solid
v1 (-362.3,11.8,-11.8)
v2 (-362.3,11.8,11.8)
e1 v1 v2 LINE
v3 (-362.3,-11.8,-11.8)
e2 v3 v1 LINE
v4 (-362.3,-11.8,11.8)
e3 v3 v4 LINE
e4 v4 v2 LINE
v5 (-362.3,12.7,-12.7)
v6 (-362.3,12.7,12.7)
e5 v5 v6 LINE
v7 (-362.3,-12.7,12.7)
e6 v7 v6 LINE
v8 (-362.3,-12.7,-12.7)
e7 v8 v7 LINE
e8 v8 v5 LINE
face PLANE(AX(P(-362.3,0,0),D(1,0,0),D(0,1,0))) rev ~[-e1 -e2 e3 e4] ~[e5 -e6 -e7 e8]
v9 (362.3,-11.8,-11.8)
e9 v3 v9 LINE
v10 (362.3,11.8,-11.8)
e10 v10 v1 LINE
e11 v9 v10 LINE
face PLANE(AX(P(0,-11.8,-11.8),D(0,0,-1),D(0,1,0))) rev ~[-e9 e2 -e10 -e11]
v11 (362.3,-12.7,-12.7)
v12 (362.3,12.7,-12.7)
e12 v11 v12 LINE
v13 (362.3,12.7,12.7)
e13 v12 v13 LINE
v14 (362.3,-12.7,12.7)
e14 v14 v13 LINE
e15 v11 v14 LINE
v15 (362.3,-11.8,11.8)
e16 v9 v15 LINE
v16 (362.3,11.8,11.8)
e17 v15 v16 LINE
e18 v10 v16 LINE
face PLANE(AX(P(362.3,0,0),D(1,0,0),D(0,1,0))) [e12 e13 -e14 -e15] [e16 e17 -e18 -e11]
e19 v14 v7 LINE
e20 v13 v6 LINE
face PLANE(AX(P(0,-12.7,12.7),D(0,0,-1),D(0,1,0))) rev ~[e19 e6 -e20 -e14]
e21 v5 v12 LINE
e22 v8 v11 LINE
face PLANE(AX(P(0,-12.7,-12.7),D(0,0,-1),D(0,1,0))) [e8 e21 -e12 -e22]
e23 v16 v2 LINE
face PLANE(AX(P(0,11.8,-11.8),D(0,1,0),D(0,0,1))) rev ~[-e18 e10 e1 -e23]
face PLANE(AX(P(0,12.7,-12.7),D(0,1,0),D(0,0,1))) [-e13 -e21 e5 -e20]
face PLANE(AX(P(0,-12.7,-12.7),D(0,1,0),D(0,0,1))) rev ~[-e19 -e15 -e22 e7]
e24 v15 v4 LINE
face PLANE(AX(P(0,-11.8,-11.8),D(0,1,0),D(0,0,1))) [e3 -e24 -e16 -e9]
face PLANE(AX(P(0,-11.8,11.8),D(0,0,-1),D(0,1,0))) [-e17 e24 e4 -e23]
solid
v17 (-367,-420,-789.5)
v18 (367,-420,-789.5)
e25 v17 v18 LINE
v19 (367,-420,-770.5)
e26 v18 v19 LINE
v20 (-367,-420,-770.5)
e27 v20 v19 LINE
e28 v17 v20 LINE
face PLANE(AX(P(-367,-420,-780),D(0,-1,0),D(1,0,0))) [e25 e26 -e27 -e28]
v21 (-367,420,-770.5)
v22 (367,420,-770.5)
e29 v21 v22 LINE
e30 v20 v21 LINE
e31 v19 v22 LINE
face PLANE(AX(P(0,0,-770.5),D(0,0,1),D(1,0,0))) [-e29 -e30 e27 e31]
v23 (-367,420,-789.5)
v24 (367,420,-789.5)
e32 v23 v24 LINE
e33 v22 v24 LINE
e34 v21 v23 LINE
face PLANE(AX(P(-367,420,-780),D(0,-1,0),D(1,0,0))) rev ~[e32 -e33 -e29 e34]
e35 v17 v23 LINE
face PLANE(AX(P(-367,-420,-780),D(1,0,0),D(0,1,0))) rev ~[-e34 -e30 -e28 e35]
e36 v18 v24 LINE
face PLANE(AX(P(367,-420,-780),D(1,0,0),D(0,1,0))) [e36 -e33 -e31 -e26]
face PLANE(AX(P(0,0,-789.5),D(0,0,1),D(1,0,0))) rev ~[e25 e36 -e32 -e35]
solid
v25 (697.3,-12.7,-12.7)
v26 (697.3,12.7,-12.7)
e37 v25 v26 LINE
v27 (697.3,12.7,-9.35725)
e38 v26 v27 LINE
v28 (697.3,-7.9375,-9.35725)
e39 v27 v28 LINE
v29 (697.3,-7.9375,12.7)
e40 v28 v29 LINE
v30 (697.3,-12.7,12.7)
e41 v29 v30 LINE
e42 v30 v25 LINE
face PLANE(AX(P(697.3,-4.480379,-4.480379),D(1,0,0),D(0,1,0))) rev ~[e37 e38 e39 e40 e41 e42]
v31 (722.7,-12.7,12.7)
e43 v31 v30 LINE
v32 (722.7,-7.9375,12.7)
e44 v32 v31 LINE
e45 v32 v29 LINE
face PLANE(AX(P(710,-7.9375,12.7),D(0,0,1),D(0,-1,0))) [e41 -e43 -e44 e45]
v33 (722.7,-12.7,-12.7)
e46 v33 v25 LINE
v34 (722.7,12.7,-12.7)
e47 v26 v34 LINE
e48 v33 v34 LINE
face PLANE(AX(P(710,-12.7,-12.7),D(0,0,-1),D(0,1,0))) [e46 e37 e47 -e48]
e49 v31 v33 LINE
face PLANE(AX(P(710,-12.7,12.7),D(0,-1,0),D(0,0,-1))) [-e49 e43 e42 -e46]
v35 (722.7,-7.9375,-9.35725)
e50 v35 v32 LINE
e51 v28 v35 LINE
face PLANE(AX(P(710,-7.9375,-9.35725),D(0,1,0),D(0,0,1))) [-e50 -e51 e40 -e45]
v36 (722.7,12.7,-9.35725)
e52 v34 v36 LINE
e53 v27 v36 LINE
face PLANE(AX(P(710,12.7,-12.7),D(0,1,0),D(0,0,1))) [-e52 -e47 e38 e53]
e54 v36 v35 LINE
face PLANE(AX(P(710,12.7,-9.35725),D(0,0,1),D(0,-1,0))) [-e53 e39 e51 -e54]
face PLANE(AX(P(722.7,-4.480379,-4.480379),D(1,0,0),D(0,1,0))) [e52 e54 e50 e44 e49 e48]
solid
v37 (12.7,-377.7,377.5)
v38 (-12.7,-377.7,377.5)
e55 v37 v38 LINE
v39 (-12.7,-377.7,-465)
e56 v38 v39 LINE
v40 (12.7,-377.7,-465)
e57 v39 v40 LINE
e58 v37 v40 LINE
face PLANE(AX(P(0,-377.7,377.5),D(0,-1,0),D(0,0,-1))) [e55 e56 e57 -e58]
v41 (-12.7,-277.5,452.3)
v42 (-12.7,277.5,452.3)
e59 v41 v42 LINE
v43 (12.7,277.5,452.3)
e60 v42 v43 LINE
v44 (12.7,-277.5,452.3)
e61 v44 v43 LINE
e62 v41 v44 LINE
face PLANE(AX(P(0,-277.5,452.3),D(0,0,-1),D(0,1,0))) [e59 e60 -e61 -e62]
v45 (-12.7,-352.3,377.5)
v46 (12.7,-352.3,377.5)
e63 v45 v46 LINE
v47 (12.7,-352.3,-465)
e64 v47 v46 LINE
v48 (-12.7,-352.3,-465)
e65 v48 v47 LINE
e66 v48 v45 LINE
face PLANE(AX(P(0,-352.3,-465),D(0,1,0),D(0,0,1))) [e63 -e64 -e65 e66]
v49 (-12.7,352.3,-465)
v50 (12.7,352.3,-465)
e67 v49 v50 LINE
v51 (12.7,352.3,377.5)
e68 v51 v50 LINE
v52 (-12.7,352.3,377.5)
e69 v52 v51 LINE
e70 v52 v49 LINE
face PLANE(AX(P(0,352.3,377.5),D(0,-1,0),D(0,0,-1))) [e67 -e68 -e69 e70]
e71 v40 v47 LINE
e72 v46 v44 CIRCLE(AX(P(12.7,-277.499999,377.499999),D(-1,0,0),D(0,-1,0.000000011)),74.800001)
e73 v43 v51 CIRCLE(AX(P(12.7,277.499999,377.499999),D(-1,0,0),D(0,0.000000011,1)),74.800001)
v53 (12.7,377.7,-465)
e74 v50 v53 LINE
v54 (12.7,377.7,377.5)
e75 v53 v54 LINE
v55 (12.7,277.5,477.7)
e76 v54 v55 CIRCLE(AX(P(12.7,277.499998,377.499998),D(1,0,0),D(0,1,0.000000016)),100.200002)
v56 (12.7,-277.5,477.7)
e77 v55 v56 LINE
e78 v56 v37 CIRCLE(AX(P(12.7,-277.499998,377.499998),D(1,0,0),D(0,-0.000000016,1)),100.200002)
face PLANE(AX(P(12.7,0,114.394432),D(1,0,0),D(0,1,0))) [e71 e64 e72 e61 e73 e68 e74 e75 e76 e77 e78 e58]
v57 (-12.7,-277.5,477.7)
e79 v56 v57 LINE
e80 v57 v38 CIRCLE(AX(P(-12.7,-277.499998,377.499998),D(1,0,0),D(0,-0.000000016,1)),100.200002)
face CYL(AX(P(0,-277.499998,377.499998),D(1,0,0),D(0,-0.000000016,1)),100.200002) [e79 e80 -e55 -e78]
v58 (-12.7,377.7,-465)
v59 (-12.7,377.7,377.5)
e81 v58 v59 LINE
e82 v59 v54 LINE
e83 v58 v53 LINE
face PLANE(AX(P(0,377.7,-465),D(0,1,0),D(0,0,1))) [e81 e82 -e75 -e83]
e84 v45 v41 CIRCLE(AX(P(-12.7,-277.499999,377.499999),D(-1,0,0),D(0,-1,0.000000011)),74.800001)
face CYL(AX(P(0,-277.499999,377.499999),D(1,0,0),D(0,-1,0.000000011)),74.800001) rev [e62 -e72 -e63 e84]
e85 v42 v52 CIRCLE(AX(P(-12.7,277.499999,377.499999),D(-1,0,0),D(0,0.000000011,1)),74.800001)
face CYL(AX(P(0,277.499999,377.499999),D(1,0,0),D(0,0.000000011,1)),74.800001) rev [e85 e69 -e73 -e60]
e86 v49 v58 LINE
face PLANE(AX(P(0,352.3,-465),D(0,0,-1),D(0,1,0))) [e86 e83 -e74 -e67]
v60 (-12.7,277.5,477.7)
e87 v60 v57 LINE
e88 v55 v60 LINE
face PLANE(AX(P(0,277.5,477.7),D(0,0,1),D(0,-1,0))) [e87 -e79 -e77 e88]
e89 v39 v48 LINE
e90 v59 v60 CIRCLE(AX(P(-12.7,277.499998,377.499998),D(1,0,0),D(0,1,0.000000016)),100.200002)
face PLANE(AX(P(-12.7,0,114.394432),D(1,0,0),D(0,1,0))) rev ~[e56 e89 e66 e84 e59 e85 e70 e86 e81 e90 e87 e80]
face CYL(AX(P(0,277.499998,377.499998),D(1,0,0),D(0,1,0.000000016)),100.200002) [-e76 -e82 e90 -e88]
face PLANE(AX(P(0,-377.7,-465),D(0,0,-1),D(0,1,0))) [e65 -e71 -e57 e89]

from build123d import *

# Parameters (mm, degrees)
F1_DEPTH = 12.7
F2_W     = 25.4
F2_H     = 25.4
F2_W_2   = 23.6
F2_H_2   = 23.6
F3_DEPTH = 362.3
F6_DEPTH = 12.7
F8_W     = 734
F8_H     = 840
F9_DEPTH = 9.5


with BuildPart() as f1:
    # F0 (on Right) → F1 (new body, symmetric)
    with BuildSketch(Plane.YZ):
        with BuildLine():
            Line((-377.7, 377.5), (-377.7, -465))
            Line((-377.7, -465), (-352.3, -465))
            Line((-352.3, -465), (-352.3, 377.5))
            ThreePointArc((-352.3, 377.5), (-330.391587, 430.391587), (-277.5, 452.3))
            Line((-277.5, 452.3), (277.5, 452.3))
            ThreePointArc((277.5, 452.3), (330.391587, 430.391587), (352.3, 377.5))
            Line((352.3, 377.5), (352.3, -465))
            Line((352.3, -465), (377.7, -465))
            Line((377.7, -465), (377.7, 377.5))
            ThreePointArc((377.7, 377.5), (348.352099, 448.352099), (277.5, 477.7))
            Line((277.5, 477.7), (-277.5, 477.7))
            ThreePointArc((-277.5, 477.7), (-348.352099, 448.352099), (-377.7, 377.5))
        make_face()
    extrude(amount=F1_DEPTH, both=True)


with BuildPart() as f3:
    # F2 (on Right) → F3 (new body, symmetric)
    with BuildSketch(Plane.YZ):
        Rectangle(F2_W, F2_H)
        Rectangle(F2_W_2, F2_H_2, mode=Mode.SUBTRACT)
    extrude(amount=F3_DEPTH, both=True)


with BuildPart() as f6:
    # F5 (on offset) → F6 (new body, symmetric)
    with BuildSketch(Plane.YZ.offset(710)):
        Polygon((-12.7, -12.7), (12.7, -12.7), (12.7, -9.35725), (7.9375, -9.35725), (-7.9375, -9.35725), (-7.9375, 9.35725), (-7.9375, 12.7), (-12.7, 12.7), align=None)
    extrude(amount=F6_DEPTH, both=True)


with BuildPart() as f9:
    # F8 (on offset) → F9 (new body, symmetric)
    with BuildSketch(Plane.XY.offset(-780)):
        Rectangle(F8_W, F8_H)
    extrude(amount=F9_DEPTH, both=True)


solid = Compound([f1.part, f3.part, f6.part, f9.part])
